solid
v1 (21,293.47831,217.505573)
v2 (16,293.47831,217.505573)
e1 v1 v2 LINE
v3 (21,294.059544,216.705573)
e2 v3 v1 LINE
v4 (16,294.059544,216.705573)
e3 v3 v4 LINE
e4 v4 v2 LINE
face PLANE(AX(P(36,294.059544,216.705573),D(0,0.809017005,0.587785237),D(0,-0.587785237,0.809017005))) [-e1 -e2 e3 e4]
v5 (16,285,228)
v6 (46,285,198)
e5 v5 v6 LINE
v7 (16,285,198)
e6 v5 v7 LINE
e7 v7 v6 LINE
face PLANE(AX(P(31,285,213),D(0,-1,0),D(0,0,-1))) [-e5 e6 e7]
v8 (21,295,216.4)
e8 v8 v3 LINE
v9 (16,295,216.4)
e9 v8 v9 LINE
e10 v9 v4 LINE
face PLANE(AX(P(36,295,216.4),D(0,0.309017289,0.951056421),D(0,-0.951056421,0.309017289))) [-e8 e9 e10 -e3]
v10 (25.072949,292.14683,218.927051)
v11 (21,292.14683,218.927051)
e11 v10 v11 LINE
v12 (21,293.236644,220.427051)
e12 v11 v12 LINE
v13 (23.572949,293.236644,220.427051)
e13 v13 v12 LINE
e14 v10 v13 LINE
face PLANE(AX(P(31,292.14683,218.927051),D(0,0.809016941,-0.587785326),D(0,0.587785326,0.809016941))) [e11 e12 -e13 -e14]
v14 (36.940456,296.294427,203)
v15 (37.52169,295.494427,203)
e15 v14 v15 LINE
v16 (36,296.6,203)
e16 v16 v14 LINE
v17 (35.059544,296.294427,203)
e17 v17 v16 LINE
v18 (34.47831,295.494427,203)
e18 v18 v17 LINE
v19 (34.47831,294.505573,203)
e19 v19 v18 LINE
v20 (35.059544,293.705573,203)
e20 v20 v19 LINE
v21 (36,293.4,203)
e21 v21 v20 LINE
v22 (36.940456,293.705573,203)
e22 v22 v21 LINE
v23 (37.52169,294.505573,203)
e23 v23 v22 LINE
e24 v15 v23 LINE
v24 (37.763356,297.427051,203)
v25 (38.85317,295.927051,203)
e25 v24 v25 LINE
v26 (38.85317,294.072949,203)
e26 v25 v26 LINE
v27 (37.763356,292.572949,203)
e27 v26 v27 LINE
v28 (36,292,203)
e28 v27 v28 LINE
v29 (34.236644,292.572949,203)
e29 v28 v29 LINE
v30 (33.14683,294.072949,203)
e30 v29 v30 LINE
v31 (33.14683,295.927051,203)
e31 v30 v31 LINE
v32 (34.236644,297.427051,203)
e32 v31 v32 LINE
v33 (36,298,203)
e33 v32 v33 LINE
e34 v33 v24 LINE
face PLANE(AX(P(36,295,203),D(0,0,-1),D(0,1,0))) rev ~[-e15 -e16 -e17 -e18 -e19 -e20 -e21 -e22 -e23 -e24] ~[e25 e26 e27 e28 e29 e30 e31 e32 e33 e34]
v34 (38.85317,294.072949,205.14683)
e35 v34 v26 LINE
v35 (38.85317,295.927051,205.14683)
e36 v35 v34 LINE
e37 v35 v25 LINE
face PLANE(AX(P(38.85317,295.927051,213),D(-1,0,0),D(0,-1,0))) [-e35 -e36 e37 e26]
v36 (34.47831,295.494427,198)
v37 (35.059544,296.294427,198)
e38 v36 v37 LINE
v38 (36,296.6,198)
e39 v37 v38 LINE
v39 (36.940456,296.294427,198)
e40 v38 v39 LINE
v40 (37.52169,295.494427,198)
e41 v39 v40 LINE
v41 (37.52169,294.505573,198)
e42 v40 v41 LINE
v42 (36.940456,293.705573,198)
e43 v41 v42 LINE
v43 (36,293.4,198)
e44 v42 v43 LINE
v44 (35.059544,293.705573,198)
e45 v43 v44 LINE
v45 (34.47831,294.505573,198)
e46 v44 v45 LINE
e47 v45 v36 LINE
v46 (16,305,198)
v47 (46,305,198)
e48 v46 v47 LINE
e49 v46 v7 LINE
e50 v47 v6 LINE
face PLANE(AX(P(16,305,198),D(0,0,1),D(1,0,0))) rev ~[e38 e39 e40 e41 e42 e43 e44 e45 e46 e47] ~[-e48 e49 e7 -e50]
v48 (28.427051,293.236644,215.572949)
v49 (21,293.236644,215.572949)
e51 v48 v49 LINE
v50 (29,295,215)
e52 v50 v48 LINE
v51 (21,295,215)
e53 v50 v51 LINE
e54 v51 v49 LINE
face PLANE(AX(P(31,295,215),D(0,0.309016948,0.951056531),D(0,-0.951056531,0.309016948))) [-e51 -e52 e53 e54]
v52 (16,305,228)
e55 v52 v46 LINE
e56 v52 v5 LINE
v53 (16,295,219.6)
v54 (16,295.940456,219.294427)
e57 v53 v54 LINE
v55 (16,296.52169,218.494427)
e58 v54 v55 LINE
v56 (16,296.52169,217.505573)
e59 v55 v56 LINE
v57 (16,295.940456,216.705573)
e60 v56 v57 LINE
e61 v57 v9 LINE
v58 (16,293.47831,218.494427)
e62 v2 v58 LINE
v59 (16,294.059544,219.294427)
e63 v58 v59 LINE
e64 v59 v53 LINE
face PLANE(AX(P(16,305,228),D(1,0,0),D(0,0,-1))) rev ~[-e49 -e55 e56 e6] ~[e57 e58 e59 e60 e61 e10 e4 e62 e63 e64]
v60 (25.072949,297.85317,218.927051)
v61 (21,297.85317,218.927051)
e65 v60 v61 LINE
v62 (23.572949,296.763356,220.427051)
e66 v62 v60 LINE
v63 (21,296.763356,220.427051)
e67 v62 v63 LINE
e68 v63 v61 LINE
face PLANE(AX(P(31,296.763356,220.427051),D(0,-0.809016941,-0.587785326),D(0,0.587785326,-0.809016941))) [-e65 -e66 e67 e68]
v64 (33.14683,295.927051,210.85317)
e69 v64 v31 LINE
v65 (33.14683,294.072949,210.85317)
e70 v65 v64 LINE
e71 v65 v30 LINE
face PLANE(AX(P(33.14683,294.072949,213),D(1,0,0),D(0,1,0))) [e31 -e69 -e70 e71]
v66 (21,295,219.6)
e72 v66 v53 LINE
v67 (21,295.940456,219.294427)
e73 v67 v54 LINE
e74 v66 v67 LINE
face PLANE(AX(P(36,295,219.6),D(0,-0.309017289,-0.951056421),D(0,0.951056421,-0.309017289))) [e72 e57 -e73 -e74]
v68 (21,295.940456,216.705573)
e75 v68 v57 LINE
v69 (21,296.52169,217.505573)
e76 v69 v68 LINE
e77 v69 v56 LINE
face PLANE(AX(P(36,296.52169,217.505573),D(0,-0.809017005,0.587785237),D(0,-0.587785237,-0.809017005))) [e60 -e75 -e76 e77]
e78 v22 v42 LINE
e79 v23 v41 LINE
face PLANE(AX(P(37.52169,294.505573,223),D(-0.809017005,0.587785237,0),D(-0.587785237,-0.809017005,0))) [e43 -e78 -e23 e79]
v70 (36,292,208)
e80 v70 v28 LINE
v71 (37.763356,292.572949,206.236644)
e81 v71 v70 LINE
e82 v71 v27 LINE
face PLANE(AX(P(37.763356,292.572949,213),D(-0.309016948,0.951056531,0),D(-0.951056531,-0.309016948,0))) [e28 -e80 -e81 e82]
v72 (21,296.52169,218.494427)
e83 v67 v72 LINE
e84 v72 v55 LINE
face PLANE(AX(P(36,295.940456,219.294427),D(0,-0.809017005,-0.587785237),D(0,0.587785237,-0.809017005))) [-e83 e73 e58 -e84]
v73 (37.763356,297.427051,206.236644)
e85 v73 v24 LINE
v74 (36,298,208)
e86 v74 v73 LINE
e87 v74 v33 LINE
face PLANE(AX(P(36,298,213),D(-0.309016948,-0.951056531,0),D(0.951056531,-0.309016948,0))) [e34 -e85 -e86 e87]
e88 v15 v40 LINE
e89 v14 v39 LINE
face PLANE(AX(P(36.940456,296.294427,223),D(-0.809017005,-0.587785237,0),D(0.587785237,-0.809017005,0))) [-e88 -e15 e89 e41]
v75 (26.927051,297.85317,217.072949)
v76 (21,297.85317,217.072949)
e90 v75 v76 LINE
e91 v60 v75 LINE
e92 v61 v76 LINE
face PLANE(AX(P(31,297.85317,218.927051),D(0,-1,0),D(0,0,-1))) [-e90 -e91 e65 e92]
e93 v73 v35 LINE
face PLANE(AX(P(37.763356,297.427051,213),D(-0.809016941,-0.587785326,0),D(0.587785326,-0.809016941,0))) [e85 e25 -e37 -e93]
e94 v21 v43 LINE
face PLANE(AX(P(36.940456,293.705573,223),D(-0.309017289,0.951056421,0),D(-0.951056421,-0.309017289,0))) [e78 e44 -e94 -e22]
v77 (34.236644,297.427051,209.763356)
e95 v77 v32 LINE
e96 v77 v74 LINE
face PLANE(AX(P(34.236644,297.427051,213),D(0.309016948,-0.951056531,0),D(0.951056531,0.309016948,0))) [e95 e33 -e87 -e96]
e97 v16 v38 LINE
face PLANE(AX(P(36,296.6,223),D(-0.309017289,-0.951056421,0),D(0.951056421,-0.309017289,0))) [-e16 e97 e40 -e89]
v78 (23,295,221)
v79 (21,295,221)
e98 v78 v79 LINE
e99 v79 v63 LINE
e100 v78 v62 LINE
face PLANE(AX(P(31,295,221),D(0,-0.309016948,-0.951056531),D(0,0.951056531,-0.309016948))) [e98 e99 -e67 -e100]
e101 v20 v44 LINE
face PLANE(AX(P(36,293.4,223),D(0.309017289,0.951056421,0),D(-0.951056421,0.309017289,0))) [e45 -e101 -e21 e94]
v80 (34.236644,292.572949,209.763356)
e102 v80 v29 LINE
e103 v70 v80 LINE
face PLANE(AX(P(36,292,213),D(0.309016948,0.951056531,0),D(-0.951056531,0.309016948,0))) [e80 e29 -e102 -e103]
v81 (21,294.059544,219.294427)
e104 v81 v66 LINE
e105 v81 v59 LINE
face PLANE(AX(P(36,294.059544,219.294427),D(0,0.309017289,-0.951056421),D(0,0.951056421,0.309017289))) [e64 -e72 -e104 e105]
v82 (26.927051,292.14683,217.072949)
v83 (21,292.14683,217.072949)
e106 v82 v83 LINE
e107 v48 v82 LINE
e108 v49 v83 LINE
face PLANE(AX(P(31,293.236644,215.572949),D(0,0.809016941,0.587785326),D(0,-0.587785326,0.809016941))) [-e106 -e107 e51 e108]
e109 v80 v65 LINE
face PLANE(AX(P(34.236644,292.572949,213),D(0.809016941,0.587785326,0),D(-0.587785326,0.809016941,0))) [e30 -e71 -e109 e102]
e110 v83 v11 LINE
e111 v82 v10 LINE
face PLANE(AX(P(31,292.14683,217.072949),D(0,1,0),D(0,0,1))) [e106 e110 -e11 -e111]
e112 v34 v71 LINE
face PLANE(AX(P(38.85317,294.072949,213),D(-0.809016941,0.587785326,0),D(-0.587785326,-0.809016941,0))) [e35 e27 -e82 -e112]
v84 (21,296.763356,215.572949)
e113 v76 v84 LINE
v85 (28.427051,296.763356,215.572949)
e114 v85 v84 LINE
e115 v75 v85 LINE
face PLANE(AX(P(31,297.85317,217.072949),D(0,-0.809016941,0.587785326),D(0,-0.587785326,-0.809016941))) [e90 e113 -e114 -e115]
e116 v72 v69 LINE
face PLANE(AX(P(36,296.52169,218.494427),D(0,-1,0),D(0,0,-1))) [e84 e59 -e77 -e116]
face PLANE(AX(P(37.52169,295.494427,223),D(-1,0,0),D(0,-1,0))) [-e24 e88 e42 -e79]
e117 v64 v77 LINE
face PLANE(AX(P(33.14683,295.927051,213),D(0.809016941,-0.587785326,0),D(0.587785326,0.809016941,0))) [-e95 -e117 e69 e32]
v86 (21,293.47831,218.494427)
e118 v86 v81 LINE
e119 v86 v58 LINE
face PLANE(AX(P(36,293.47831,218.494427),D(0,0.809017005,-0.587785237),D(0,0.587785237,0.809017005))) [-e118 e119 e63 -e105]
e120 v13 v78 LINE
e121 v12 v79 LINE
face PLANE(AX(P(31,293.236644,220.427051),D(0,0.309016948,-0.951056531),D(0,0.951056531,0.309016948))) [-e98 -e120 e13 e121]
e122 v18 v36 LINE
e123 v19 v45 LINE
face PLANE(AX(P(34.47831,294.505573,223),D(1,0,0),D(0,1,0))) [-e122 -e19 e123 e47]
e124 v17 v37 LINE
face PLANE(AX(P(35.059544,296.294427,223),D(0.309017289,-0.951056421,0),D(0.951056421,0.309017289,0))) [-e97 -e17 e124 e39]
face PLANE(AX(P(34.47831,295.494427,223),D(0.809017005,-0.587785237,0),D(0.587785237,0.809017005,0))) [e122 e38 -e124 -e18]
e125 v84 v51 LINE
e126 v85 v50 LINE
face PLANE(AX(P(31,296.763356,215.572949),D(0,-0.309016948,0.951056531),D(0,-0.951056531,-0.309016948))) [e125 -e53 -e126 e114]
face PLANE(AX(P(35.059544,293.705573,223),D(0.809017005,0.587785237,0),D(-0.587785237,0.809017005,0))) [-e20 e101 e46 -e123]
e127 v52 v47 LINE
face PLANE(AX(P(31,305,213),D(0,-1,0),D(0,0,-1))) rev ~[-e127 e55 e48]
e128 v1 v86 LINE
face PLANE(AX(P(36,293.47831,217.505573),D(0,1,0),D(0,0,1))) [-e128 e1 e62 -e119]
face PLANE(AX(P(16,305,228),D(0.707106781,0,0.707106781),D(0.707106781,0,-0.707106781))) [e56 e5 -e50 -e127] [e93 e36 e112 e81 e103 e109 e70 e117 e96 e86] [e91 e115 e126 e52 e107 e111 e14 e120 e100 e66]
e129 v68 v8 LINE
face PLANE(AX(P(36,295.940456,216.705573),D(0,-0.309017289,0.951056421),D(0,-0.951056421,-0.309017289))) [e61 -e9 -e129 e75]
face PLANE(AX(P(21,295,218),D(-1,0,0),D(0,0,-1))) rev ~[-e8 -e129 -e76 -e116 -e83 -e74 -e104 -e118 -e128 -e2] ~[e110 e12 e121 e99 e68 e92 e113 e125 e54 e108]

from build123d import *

# Parameters (mm, degrees)
PRISM090_DEPTH                = 30
PRISM090_PITCH_ANGLE          = 90
PRISM091_DEPTH                = 10
PRISM091_PITCH_ANGLE          = 90
PRISM092_DEPTH                = 30
PRISM092_ROLL_ANGLE           = 90
PRISM093_DEPTH                = 10
PRISM093_ROLL_ANGLE           = 90
CUBE090_W                     = 60
CUBE090_H                     = 30
CUBE090_DEPTH                 = 20
CUBE090_PLACEMENT_ANGLE       = 45
CUBE089_W                     = 30
CUBE089_H                     = 30
CUBE089_DEPTH                 = 20
DIFFERENCE054_PITCH_ANGLE     = 90
DIFFERENCE054_PLACEMENT_ANGLE = -90


with BuildPart() as prism090:
    # prism090 → prism090 (new body)
    with BuildSketch(Plane.XY):
        Polygon((1.6, 0), (1.294427, 0.940456), (0.494427, 1.52169), (-0.494427, 1.52169), (-1.294427, 0.940456), (-1.6, 0), (-1.294427, -0.940456), (-0.494427, -1.52169), (0.494427, -1.52169), (1.294427, -0.940456), align=None)
    extrude(amount=PRISM090_DEPTH)


with BuildPart() as prism090_1:
    # prism090 pitch: moved
    add(prism090.part.rotate(Axis((0, 0, 0), (0, 1, 0)), PRISM090_PITCH_ANGLE))


with BuildPart() as prism090_2:
    # prism090 placement: moved
    add(prism090_1.part.moved(Location((5, 20, 10))))


with BuildPart() as prism091:
    # prism091 → prism091 (new body)
    with BuildSketch(Plane.XY):
        Polygon((3, 0), (2.427051, 1.763356), (0.927051, 2.85317), (-0.927051, 2.85317), (-2.427051, 1.763356), (-3, 0), (-2.427051, -1.763356), (-0.927051, -2.85317), (0.927051, -2.85317), (2.427051, -1.763356), align=None)
    extrude(amount=PRISM091_DEPTH)


with BuildPart() as prism091_1:
    # prism091 pitch: moved
    add(prism091.part.rotate(Axis((0, 0, 0), (0, 1, 0)), PRISM091_PITCH_ANGLE))


with BuildPart() as prism091_2:
    # prism091 placement: moved
    add(prism091_1.part.moved(Location((15, 20, 10))))


with BuildPart() as prism092:
    # prism092 → prism092 (new body)
    with BuildSketch(Plane.XY):
        Polygon((1.6, 0), (1.294427, 0.940456), (0.494427, 1.52169), (-0.494427, 1.52169), (-1.294427, 0.940456), (-1.6, 0), (-1.294427, -0.940456), (-0.494427, -1.52169), (0.494427, -1.52169), (1.294427, -0.940456), align=None)
    extrude(amount=PRISM092_DEPTH)


with BuildPart() as prism092_1:
    # prism092 roll: moved
    add(prism092.part.rotate(Axis((0, 0, 0), (1, 0, 0)), PRISM092_ROLL_ANGLE))


with BuildPart() as prism092_2:
    # prism092 placement: moved
    add(prism092_1.part.moved(Location((10, 20, 10))))


with BuildPart() as prism093:
    # prism093 → prism093 (new body)
    with BuildSketch(Plane.XY):
        Polygon((3, 0), (2.427051, 1.763356), (0.927051, 2.85317), (-0.927051, 2.85317), (-2.427051, 1.763356), (-3, 0), (-2.427051, -1.763356), (-0.927051, -2.85317), (0.927051, -2.85317), (2.427051, -1.763356), align=None)
    extrude(amount=PRISM093_DEPTH)


with BuildPart() as prism093_1:
    # prism093 roll: moved
    add(prism093.part.rotate(Axis((0, 0, 0), (1, 0, 0)), PRISM093_ROLL_ANGLE))


with BuildPart() as prism093_2:
    # prism093 placement: moved
    add(prism093_1.part.moved(Location((10, 15, 10))))


with BuildPart() as union043:
    # cube090 → cube090 (new body)
    with BuildSketch(Plane.XY):
        with Locations((30, 15)):
            Rectangle(CUBE090_W, CUBE090_H)
    extrude(amount=CUBE090_DEPTH)


with BuildPart() as union043_1:
    # cube090 placement: moved
    add(union043.part.rotate(Axis((0, 0, 0), (0, 0, 1)), CUBE090_PLACEMENT_ANGLE))

    # union043: union prism090, prism091, prism092, prism093
    add(prism090_2.part)
    add(prism091_2.part)
    add(prism092_2.part)
    add(prism093_2.part)


with BuildPart() as difference054:
    # cube089 → cube089 (new body)
    with BuildSketch(Plane.XY):
        with Locations((15, 15)):
            Rectangle(CUBE089_W, CUBE089_H)
    extrude(amount=CUBE089_DEPTH)

    # difference054: cut union043
    add(union043_1.part, mode=Mode.SUBTRACT)


with BuildPart() as difference054_1:
    # difference054 pitch: moved
    add(difference054.part.rotate(Axis((0, 0, 0), (0, 1, 0)), DIFFERENCE054_PITCH_ANGLE))


with BuildPart() as difference054_2:
    # difference054 placement: moved
    add(difference054_1.part.moved(Location((16, 305, 228))).rotate(Axis((16, 305, 228), (0, 0, 1)), DIFFERENCE054_PLACEMENT_ANGLE))


solid = difference054_2.part
